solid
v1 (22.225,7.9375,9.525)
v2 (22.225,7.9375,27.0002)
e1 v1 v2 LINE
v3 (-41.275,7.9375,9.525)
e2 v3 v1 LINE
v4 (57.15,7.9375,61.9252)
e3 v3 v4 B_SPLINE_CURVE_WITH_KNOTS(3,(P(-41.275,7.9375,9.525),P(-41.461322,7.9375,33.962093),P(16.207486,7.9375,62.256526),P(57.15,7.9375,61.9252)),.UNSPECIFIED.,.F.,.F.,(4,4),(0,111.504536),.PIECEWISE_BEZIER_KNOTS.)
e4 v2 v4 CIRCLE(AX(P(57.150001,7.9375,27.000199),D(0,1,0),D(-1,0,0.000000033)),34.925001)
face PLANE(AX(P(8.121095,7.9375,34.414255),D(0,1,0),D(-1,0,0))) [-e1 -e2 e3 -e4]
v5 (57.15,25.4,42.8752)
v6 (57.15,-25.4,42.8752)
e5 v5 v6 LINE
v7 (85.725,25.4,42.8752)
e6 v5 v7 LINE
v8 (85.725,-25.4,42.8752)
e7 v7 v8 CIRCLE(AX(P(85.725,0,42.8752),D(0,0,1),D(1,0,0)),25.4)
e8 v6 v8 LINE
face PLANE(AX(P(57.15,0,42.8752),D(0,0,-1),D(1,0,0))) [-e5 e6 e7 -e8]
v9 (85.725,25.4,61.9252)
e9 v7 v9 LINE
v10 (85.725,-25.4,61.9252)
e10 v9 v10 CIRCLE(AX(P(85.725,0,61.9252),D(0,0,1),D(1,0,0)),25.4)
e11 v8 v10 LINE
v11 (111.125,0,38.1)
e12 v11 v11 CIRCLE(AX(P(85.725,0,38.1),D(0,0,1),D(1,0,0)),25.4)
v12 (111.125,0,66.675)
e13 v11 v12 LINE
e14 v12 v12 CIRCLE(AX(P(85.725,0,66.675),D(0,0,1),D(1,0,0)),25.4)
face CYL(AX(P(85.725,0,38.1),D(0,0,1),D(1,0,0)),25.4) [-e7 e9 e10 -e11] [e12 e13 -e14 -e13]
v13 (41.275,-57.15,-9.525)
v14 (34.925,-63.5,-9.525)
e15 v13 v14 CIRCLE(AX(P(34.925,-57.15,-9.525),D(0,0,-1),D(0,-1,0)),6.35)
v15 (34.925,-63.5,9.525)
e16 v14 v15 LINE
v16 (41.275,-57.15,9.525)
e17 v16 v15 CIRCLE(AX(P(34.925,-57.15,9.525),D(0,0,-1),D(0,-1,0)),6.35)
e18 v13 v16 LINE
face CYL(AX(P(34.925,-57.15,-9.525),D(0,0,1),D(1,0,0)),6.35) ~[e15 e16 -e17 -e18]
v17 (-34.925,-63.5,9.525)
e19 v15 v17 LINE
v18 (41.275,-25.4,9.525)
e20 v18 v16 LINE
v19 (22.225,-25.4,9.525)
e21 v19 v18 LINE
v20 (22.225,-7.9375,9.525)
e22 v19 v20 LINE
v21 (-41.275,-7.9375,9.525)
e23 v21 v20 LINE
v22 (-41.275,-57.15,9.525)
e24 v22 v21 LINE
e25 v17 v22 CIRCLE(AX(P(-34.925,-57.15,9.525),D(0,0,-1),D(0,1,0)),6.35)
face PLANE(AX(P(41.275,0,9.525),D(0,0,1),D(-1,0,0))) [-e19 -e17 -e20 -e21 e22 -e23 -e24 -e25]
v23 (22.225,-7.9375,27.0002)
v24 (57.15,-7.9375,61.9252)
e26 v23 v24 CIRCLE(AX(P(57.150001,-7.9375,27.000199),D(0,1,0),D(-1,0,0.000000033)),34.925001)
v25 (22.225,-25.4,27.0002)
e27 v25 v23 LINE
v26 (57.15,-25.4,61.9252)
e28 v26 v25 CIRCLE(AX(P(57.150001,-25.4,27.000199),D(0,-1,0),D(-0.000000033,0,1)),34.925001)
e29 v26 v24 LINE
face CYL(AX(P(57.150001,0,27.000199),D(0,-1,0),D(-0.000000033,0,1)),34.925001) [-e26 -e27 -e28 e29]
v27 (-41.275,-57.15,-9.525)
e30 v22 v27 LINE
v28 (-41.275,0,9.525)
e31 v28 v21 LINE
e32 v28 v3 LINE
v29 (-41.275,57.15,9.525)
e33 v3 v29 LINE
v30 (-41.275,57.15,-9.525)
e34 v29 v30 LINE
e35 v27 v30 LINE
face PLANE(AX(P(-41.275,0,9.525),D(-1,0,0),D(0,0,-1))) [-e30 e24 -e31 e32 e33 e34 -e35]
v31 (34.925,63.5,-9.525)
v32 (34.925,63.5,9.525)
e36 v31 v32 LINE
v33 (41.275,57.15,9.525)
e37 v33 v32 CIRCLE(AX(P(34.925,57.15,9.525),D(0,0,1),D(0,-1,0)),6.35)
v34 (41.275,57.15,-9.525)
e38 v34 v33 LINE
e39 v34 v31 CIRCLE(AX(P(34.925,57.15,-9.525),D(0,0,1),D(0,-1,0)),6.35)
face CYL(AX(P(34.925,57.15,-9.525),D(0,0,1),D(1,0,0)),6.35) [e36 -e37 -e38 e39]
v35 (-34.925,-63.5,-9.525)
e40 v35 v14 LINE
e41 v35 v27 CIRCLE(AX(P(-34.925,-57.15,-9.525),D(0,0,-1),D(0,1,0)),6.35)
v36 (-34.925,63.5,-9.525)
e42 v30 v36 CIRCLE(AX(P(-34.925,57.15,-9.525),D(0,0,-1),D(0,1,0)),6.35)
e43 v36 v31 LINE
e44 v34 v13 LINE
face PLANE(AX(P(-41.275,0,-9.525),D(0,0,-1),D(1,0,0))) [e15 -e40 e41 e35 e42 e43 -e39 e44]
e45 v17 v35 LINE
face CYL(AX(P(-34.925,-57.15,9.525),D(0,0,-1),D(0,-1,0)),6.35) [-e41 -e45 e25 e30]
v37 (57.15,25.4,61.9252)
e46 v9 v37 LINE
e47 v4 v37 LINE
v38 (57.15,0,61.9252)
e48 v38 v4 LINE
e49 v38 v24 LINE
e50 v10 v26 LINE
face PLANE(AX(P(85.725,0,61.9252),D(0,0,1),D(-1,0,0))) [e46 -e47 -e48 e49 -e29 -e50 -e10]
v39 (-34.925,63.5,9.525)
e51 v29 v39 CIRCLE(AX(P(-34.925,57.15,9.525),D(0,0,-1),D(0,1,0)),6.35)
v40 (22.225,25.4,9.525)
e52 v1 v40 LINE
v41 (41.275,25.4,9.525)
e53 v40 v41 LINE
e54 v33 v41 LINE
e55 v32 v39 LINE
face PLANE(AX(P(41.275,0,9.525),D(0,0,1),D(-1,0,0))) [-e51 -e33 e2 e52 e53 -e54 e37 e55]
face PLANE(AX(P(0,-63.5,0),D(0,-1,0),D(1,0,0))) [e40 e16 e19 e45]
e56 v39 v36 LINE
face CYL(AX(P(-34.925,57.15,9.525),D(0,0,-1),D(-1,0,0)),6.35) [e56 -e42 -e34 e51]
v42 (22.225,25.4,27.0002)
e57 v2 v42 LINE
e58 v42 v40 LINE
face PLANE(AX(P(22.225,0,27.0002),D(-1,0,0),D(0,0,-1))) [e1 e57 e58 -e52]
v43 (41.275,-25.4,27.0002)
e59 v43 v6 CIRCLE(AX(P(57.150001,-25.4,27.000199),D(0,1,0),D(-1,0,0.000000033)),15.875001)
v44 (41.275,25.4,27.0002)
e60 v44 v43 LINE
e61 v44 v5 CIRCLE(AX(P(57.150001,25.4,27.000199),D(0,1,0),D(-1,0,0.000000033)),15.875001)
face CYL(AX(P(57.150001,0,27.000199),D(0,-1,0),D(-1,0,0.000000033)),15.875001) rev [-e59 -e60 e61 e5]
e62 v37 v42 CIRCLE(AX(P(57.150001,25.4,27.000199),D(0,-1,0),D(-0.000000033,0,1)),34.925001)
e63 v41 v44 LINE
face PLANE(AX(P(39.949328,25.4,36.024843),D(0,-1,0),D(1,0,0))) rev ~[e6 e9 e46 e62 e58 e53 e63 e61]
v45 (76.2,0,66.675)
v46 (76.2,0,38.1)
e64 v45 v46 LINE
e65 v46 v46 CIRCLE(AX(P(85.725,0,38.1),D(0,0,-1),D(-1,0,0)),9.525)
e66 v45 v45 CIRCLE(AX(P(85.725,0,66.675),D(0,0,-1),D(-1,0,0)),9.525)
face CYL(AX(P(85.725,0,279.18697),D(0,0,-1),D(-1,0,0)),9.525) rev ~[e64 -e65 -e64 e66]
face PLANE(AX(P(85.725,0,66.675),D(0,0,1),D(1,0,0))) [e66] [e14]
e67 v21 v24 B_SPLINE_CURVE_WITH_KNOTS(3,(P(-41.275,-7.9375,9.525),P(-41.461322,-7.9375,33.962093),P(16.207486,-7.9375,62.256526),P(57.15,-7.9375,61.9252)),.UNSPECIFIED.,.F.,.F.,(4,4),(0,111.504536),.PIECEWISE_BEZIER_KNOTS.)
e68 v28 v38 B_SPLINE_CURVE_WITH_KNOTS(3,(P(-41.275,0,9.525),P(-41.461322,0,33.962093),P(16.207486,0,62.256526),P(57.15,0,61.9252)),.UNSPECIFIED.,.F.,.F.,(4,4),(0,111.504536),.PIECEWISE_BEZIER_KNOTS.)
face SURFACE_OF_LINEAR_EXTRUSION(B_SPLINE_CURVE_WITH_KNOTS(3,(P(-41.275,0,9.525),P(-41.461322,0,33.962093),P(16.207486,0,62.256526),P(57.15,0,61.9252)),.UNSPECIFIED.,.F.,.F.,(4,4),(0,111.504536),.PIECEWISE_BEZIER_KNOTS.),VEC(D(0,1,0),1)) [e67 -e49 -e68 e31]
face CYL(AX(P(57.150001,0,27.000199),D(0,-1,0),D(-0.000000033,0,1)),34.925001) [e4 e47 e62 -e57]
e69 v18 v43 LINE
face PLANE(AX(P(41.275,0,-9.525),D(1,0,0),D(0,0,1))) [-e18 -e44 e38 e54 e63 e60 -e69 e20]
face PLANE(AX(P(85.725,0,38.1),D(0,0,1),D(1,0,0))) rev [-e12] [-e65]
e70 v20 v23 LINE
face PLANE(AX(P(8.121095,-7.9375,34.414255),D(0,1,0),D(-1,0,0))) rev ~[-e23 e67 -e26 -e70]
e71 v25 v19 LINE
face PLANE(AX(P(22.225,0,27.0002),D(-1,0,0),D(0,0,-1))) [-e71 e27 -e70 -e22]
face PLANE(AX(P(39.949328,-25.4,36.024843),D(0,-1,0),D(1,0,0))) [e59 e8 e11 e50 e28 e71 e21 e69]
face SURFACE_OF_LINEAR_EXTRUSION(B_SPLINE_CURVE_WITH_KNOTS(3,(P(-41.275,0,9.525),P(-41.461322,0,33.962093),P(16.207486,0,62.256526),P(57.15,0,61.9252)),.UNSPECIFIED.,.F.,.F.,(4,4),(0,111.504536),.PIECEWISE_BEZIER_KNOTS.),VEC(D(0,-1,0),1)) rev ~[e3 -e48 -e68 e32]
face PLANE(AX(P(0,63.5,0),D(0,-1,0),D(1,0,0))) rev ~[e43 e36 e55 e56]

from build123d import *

# Parameters (mm, degrees)
F1_DEPTH = 63.5
F2_DEPTH = 25.4
F3_DEPTH = 7.9375
F5_R     = 6.35
F7_D     = 19.05


with BuildPart() as f1:
    # F0 (on Front) → F1 (new body, symmetric)
    with BuildSketch(Plane.XZ):
        Polygon((-41.275, -9.525), (41.275, -9.525), (41.275, 9.525), (22.225, 9.525), (-41.275, 9.525), align=None)
    extrude(amount=F1_DEPTH, both=True)

    # F0 (on Front) → F2 (join, symmetric)
    with BuildSketch(Plane.XZ):
        with BuildLine():
            Line((22.225, 9.525), (41.275, 9.525))
            Line((41.275, 9.525), (41.275, 27.0002))
            ThreePointArc((41.275, 27.0002), (45.92468, 38.22552), (57.15, 42.8752))
            Line((57.15, 42.8752), (60.325, 42.8752))
            Line((60.325, 42.8752), (60.325, 61.9252))
            Line((60.325, 61.9252), (57.15, 61.9252))
            ThreePointArc((57.15, 61.9252), (32.454296, 51.695904), (22.225, 27.0002))
            Line((22.225, 27.0002), (22.225, 9.525))
        make_face()
        Polygon((85.725, 61.9252), (60.325, 61.9252), (60.325, 42.8752), (85.725, 42.8752), (85.725, 52.3875), align=None)
    extrude(amount=F2_DEPTH, both=True)

    # F0 (on Front) → F3 (join, symmetric)
    with BuildSketch(Plane.XZ):
        with BuildLine():
            add(Edge.make_bspline(
                [(-41.275, 9.525), (-41.461322, 33.962093), (16.207486, 62.256526), (57.15, 61.9252)],
                knots=[0, 0, 0, 0, 111.504536, 111.504536, 111.504536, 111.504536], degree=3))
            Line((-41.275, 9.525), (22.225, 9.525))
            Line((22.225, 9.525), (22.225, 27.0002))
            ThreePointArc((22.225, 27.0002), (32.454296, 51.695904), (57.15, 61.9252))
        make_face()
    extrude(amount=F3_DEPTH, both=True)

    # F0 (on Front) → F4 (revolve)
    with BuildSketch(Plane.XZ):
        Polygon((85.725, 66.675), (85.725, 61.9252), (85.725, 52.3875), (85.725, 42.8752), (85.725, 38.1), (111.125, 38.1), (111.125, 66.675), align=None)
    revolve(axis=Axis((85.725, 0, 57.15635), (0, 0, 1)))

    # F5
    f5_edges = [f1.edges().sort_by_distance(p)[0] for p in [
        (41.275, -63.5, 0),
        (-41.275, -63.5, 0),
        (41.275, 63.5, 0),
        (-41.275, 63.5, 0),
    ]]
    fillet(f5_edges, radius=F5_R)

    # F7 (through all)
    with Locations(Plane.XY.offset(66.675)):
        with Locations((85.725, 0)):
            Hole(F7_D / 2)


solid = f1.part
